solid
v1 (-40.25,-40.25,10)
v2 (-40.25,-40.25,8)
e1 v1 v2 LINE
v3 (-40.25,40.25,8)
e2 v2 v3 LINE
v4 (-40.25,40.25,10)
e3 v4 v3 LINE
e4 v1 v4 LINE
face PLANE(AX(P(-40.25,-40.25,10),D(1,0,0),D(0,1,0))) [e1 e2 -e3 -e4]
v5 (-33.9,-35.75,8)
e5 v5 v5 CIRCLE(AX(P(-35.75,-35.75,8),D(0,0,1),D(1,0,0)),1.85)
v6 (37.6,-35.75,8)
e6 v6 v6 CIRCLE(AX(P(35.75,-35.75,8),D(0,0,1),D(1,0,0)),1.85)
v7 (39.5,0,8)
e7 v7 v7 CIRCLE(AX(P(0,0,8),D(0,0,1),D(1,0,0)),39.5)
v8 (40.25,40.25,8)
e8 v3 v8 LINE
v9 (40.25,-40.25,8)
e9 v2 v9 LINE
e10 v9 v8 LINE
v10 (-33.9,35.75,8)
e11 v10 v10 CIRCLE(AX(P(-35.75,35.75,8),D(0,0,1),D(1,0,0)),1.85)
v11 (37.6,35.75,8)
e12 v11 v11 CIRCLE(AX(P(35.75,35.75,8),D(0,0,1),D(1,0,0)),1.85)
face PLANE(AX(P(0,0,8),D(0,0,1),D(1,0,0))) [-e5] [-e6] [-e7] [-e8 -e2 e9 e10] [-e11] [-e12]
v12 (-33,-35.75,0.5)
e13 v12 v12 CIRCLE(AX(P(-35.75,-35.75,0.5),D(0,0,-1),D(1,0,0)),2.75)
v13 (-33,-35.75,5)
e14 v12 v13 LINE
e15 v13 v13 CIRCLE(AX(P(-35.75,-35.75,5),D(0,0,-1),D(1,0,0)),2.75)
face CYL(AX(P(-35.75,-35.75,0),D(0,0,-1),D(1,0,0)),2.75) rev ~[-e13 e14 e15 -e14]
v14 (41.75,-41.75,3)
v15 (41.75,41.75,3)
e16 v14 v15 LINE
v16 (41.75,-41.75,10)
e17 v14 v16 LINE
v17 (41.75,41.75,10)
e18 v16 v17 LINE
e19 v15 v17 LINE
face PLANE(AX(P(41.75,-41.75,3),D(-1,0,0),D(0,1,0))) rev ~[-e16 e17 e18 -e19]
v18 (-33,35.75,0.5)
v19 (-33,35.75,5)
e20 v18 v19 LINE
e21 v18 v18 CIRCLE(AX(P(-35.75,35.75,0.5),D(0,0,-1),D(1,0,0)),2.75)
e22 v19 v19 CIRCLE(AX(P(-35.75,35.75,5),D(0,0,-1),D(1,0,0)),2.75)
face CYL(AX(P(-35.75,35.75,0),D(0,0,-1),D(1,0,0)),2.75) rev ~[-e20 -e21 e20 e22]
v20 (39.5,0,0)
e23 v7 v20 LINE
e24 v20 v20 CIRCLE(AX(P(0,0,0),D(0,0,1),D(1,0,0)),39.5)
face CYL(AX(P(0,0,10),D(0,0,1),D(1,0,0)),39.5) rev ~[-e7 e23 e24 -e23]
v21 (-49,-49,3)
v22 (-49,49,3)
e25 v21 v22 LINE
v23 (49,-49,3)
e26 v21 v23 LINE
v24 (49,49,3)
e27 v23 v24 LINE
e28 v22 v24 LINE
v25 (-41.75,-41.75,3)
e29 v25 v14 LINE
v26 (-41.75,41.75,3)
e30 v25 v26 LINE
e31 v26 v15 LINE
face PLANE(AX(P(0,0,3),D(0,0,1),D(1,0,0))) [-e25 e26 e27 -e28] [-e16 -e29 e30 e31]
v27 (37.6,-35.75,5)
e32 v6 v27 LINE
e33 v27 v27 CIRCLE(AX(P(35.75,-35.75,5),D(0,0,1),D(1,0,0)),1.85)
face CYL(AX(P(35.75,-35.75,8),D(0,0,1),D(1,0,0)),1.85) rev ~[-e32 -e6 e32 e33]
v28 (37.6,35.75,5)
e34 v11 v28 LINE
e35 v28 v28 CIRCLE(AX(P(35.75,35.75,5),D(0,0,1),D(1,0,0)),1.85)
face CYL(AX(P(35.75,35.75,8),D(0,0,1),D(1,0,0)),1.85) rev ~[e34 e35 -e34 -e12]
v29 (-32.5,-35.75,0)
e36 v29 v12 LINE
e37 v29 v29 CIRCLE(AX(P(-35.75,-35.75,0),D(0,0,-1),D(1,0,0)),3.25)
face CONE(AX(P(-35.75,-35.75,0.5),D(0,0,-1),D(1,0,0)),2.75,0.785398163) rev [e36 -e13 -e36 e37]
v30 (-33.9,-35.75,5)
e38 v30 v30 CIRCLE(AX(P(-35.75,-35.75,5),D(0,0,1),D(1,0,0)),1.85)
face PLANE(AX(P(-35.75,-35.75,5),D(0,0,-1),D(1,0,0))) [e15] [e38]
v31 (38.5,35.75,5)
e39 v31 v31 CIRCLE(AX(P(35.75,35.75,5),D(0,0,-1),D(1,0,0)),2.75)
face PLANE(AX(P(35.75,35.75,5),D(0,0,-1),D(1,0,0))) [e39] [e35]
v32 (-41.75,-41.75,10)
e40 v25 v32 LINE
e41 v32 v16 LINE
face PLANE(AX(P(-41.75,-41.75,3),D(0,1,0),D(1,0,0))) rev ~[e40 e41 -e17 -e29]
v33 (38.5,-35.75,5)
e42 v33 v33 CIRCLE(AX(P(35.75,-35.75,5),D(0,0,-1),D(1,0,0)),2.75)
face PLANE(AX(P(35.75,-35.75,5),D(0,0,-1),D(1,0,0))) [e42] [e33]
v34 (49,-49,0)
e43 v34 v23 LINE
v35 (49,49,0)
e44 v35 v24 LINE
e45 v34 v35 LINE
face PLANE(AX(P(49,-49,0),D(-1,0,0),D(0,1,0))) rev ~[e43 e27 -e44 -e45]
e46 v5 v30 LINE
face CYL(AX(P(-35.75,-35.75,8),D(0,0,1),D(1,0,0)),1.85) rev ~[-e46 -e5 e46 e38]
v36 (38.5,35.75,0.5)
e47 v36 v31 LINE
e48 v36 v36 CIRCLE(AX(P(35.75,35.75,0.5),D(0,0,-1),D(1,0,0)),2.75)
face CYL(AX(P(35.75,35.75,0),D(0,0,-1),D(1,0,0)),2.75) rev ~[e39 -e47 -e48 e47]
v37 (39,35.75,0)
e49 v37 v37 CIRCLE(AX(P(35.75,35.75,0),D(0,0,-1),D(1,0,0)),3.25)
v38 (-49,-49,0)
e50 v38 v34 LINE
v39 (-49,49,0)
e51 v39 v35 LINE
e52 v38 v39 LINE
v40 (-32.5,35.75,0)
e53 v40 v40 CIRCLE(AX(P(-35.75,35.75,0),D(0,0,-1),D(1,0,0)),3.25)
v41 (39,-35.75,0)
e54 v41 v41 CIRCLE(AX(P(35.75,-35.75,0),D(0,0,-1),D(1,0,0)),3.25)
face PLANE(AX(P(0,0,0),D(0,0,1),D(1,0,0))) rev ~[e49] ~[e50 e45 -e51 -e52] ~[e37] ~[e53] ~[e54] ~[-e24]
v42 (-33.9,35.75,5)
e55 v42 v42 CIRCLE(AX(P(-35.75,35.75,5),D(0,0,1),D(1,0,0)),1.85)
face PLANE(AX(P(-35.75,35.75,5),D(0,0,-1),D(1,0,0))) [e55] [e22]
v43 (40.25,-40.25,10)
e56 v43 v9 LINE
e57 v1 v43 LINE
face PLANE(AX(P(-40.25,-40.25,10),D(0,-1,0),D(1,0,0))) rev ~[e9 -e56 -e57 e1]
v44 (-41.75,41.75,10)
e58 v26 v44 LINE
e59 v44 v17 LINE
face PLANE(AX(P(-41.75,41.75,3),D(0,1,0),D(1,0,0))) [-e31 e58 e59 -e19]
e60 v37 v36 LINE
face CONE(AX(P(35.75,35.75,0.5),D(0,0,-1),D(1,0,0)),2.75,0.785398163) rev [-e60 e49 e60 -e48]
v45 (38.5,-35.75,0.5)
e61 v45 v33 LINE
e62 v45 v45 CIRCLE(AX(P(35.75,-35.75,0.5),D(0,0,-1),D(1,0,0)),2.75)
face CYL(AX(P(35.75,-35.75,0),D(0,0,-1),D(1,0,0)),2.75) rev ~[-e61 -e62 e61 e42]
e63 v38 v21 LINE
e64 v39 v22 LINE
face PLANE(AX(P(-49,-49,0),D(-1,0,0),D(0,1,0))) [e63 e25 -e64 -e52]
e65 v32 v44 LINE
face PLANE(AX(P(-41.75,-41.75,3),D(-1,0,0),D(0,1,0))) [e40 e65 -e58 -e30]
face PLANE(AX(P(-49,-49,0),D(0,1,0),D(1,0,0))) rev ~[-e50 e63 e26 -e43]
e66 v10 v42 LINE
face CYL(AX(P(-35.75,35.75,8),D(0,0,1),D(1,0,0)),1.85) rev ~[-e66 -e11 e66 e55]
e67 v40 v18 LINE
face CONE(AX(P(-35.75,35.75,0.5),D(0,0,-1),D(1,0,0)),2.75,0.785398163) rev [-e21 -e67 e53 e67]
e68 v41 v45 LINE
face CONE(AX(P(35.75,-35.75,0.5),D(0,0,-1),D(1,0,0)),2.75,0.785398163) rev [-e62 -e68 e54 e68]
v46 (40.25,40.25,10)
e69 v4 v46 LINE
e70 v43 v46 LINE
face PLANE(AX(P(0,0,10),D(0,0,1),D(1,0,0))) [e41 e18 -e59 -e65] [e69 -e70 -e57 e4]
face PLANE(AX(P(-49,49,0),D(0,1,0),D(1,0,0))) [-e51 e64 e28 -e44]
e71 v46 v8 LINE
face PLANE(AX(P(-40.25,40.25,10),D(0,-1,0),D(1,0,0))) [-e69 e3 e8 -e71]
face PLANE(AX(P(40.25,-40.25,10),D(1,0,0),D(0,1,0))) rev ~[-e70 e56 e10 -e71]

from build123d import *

# Parameters (mm, degrees)
SKETCH_W        = 98
SKETCH_H        = 98
PAD_DEPTH       = 3
SKETCH001_W     = 83.5
SKETCH001_H     = 83.5
PAD001_DEPTH    = 7
SKETCH002_R     = 39.5
POCKET_DEPTH    = 10
SKETCH003_W     = 80.5
SKETCH003_H     = 80.5
POCKET001_DEPTH = 2
SKETCH004_R     = 1.85
POCKET002_DEPTH = 8
SKETCH005_R     = 2.75
POCKET003_DEPTH = 5
CHAMFER_SIZE    = 0.5


with BuildPart() as part:
    # Sketch → Pad (new body)
    with BuildSketch(Plane.XY):
        Rectangle(SKETCH_W, SKETCH_H)
    extrude(amount=PAD_DEPTH)

    # Sketch001 (on Face6 of Pad) → Pad001 (join)
    with BuildSketch(Plane.XY.offset(3)):
        Rectangle(SKETCH001_W, SKETCH001_H)
    extrude(amount=PAD001_DEPTH)

    # Sketch002 (on Face11 of Pad001) → Pocket (cut)
    with BuildSketch(Plane.XY.offset(10)):
        Circle(SKETCH002_R)
    extrude(amount=-POCKET_DEPTH, mode=Mode.SUBTRACT)

    # Sketch003 (on Face12 of Pocket) → Pocket001 (cut)
    with BuildSketch(Plane.XY.offset(10)):
        Rectangle(SKETCH003_W, SKETCH003_H)
    extrude(amount=-POCKET001_DEPTH, mode=Mode.SUBTRACT)

    # Sketch004 (on Face12 of Pocket001) → Pocket002 (cut)
    with BuildSketch(Plane.XY.offset(8)):
        with Locations((-35.75, 35.75)):
            Circle(SKETCH004_R)
        with Locations((35.75, 35.75)):
            Circle(SKETCH004_R)
        with Locations((35.75, -35.75)):
            Circle(SKETCH004_R)
        with Locations((-35.75, -35.75)):
            Circle(SKETCH004_R)
    extrude(amount=-POCKET002_DEPTH, mode=Mode.SUBTRACT)

    # Sketch005 (on Face4 of Pocket002) → Pocket003 (cut)
    with BuildSketch(Plane(origin=(0, 0, 0), x_dir=(1, 0, 0), z_dir=(0, 0, -1))):
        with Locations((-35.75, 35.75)):
            Circle(SKETCH005_R)
        with Locations((35.75, 35.75)):
            Circle(SKETCH005_R)
        with Locations((35.75, -35.75)):
            Circle(SKETCH005_R)
        with Locations((-35.75, -35.75)):
            Circle(SKETCH005_R)
    extrude(amount=-POCKET003_DEPTH, mode=Mode.SUBTRACT)

    # Chamfer
    chamfer_edges = [part.edges().sort_by_distance(p)[0] for p in [
        (33, 35.75, 0),
        (33, -35.75, 0),
        (-38.5, -35.75, 0),
        (-38.5, 35.75, 0),
    ]]
    chamfer(chamfer_edges, length=CHAMFER_SIZE)


solid = part.part
